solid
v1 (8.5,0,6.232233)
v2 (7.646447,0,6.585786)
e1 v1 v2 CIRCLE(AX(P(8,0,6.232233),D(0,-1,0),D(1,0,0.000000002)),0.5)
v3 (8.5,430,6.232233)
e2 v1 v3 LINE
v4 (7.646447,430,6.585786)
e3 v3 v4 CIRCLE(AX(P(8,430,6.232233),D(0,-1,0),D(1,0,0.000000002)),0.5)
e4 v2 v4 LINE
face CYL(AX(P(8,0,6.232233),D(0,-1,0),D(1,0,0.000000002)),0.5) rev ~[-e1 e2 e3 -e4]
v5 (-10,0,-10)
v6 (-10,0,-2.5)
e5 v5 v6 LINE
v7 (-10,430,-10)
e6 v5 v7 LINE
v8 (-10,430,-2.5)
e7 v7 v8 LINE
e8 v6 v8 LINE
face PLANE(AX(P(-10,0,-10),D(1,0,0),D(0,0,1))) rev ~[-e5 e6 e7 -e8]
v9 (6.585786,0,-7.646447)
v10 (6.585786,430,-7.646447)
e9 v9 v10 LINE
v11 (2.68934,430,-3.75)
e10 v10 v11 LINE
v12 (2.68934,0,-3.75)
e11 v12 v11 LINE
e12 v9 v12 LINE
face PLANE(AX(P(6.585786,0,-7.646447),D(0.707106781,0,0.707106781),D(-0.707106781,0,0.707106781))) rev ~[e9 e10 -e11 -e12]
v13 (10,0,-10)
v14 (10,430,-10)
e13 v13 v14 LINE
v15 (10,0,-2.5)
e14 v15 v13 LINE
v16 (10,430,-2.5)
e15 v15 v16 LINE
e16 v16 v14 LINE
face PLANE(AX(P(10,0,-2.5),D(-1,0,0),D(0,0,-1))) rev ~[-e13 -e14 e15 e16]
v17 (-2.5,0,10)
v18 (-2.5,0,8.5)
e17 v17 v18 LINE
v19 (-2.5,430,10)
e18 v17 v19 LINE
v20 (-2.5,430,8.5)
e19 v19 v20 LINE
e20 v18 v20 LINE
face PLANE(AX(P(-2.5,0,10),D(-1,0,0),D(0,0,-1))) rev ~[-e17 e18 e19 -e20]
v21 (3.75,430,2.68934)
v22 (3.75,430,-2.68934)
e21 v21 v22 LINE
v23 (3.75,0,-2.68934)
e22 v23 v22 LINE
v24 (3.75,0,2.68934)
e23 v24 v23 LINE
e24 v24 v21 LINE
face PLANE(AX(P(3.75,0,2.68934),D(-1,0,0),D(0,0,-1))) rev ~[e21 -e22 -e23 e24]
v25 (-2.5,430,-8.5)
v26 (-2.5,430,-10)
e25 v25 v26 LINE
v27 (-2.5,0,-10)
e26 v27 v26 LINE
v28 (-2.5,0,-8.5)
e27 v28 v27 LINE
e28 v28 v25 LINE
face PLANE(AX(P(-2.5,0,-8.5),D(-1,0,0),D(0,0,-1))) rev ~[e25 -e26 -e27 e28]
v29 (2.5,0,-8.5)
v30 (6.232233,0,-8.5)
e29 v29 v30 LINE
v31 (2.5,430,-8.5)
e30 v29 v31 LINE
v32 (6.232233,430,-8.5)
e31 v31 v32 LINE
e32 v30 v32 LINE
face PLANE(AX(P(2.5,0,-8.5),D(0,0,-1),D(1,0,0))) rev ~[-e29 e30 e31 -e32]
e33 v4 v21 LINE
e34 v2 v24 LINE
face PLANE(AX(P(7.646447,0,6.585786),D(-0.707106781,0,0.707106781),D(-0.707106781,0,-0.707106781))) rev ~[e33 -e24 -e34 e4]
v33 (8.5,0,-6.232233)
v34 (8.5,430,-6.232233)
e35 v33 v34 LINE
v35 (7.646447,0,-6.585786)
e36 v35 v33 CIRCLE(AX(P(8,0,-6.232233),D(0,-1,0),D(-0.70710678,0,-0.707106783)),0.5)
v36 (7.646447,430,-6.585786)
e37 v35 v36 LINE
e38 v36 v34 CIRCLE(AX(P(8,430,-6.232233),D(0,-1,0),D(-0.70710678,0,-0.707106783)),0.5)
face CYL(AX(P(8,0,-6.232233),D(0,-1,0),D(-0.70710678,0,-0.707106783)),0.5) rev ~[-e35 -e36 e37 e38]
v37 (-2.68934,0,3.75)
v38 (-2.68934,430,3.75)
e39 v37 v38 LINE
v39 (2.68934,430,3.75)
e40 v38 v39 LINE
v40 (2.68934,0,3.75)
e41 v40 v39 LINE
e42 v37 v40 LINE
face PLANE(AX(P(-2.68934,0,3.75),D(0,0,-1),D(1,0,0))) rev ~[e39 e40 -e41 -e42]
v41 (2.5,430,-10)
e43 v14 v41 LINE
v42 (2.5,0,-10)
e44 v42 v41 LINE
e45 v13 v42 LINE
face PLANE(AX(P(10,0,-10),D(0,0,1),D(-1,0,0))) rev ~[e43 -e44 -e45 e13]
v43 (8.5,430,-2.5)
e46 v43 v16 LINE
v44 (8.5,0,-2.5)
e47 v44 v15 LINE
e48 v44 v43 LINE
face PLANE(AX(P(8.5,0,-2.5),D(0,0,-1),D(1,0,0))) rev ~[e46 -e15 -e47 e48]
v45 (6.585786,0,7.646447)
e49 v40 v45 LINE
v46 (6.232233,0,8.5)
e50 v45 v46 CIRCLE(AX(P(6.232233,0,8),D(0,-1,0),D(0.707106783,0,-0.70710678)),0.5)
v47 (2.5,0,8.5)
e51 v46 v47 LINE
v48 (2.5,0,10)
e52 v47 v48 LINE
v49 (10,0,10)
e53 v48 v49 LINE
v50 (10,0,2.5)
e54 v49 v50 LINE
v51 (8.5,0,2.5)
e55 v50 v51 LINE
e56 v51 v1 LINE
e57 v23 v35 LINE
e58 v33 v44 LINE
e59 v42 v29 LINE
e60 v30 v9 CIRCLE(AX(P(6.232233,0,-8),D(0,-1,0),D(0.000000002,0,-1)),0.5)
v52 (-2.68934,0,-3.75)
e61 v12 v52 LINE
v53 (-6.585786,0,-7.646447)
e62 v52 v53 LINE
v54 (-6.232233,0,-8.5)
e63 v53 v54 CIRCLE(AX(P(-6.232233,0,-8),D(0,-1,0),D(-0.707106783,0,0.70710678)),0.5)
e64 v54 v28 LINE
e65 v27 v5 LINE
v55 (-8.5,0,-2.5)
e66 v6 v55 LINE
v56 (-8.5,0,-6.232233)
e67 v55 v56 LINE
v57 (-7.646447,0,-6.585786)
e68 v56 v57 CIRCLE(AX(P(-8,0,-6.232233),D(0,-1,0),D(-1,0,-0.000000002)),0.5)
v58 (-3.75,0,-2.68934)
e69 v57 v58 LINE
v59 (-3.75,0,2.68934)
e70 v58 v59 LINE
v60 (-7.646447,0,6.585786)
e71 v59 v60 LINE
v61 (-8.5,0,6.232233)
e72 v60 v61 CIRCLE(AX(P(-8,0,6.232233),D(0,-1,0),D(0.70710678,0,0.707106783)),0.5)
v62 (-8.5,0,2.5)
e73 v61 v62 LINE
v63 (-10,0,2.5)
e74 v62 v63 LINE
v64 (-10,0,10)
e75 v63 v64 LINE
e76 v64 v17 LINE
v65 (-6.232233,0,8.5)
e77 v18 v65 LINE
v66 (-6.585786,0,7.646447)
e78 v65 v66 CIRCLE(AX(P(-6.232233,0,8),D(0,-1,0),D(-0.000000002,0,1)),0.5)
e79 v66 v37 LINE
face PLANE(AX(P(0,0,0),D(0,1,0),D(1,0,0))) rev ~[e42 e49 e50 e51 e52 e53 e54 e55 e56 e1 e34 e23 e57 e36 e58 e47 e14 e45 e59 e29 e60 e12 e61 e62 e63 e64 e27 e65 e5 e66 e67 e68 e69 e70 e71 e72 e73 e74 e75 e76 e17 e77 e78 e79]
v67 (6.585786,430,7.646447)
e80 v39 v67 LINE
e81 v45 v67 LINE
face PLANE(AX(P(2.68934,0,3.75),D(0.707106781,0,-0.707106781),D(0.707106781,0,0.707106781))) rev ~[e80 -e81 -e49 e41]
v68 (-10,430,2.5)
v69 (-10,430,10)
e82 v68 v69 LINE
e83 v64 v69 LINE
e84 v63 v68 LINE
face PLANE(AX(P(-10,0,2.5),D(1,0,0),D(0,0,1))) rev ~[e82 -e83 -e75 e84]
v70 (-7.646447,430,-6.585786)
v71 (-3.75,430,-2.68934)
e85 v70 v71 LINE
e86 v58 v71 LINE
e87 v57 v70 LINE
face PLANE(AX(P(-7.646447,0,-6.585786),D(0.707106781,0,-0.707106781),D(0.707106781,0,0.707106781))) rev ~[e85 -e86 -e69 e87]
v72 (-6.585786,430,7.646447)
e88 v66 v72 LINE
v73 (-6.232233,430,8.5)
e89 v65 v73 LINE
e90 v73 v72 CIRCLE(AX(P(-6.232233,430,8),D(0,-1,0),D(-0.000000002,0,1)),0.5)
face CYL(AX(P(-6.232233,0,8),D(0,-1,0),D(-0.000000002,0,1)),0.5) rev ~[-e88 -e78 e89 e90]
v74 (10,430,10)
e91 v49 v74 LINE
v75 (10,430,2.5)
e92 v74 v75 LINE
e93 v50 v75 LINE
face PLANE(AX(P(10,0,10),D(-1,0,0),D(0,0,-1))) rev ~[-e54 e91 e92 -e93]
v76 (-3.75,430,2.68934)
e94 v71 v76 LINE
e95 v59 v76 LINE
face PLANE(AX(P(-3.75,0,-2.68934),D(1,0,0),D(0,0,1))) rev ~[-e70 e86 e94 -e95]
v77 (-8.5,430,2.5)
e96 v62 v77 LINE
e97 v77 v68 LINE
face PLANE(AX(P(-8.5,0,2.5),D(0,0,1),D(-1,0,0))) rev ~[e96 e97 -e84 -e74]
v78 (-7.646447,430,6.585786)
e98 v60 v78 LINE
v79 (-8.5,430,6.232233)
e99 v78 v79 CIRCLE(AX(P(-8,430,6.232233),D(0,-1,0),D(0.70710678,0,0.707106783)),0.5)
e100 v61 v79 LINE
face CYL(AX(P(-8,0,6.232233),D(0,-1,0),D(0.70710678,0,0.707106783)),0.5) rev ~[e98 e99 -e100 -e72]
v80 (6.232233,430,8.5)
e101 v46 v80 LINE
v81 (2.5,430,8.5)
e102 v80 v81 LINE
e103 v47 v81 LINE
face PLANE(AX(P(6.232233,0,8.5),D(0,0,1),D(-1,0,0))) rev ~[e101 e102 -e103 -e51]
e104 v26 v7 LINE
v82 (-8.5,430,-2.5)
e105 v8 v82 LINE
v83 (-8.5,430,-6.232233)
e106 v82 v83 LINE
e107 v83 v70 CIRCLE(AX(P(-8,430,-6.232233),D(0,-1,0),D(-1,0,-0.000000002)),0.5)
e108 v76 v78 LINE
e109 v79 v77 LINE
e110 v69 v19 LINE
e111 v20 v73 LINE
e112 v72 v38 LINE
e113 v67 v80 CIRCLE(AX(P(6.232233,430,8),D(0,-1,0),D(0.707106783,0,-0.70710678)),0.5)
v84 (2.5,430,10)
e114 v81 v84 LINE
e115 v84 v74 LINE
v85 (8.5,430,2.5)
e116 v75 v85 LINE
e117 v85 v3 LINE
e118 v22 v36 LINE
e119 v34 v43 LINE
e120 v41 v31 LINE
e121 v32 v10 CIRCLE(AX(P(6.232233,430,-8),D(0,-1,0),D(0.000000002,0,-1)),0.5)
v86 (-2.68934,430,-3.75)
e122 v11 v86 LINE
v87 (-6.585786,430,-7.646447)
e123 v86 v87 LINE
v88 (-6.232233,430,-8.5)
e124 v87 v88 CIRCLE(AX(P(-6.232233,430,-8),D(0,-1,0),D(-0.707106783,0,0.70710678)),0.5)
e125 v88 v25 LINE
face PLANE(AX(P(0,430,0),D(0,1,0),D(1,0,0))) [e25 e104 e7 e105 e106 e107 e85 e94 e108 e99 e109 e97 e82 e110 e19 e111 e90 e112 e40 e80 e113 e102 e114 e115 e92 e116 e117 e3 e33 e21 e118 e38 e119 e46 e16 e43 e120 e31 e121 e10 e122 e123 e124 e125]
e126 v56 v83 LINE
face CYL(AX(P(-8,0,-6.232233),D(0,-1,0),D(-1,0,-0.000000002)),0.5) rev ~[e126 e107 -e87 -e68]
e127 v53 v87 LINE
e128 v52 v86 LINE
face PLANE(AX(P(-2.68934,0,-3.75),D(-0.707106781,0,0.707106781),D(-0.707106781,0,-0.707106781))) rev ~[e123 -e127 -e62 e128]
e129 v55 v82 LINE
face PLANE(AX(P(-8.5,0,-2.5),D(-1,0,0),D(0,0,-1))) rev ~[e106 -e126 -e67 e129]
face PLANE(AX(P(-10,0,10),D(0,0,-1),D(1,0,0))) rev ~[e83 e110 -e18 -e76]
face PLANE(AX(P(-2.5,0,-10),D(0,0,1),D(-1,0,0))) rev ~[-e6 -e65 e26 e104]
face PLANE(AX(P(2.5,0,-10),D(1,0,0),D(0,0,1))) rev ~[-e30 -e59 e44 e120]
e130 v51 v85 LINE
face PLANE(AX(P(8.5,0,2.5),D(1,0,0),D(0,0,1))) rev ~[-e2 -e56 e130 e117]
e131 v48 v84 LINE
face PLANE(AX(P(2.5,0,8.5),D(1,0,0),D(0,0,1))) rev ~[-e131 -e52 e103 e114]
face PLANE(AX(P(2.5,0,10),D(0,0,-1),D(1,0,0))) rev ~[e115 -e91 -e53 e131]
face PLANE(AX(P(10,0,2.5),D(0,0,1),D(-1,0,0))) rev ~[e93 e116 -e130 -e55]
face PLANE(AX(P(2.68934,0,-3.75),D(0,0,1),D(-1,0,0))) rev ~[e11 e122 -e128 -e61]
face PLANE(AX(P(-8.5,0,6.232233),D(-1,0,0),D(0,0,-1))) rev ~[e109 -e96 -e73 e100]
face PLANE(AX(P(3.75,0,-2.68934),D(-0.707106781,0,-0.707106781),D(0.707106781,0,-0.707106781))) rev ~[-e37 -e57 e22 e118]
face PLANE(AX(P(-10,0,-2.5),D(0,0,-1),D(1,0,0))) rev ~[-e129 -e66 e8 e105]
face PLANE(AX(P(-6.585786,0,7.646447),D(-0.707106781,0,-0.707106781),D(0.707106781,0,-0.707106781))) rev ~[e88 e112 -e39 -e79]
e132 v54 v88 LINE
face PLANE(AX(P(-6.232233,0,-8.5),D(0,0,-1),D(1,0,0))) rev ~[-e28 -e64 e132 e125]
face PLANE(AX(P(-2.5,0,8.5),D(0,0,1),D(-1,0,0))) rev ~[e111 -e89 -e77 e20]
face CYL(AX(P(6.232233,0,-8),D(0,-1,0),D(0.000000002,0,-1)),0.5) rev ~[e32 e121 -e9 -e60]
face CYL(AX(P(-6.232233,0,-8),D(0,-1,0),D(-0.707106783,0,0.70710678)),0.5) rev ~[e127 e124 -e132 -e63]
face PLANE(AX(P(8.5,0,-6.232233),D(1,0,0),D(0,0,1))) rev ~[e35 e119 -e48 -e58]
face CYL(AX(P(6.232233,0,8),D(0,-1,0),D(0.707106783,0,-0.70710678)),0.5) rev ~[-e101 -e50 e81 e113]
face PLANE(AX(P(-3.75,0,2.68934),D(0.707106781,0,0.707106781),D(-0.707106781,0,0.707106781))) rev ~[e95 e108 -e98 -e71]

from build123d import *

# Parameters (mm, degrees)
BOSS_EXTRU_1_DEPTH = 430


with BuildPart() as part:
    # Esquisse1 → Boss.-Extru.1 (new body)
    with BuildSketch(Plane(origin=(0, 0, 0), x_dir=(1, 0, 0), z_dir=(0, 1, 0))):
        with BuildLine():
            Line((-10, -2.5), (-10, -10))
            Line((-10, -10), (-2.5, -10))
            Line((-2.5, -10), (-2.5, -8.5))
            Line((-2.5, -8.5), (-6.232233047, -8.5))
            ThreePointArc((-6.232233047, -8.5), (-6.694172813, -8.191341716), (-6.585786438, -7.646446609))
            Line((-6.585786438, -7.646446609), (-2.689339828, -3.75))
            Line((-2.689339828, -3.75), (2.689339828, -3.75))
            Line((2.689339828, -3.75), (6.585786438, -7.646446609))
            ThreePointArc((6.585786438, -7.646446609), (6.694172813, -8.191341716), (6.232233047, -8.5))
            Line((6.232233047, -8.5), (2.5, -8.5))
            Line((2.5, -8.5), (2.5, -10))
            Line((2.5, -10), (10, -10))
            Line((10, -10), (10, -2.5))
            Line((10, -2.5), (8.5, -2.5))
            Line((8.5, -2.5), (8.5, -6.232233047))
            ThreePointArc((8.5, -6.232233047), (8.191341716, -6.694172813), (7.646446609, -6.585786438))
            Line((7.646446609, -6.585786438), (3.75, -2.689339828))
            Line((3.75, -2.689339828), (3.75, 2.689339828))
            Line((3.75, 2.689339828), (7.646446609, 6.585786438))
            ThreePointArc((7.646446609, 6.585786438), (8.191341716, 6.694172813), (8.5, 6.232233047))
            Line((8.5, 6.232233047), (8.5, 2.5))
            Line((8.5, 2.5), (10, 2.5))
            Line((10, 2.5), (10, 10))
            Line((10, 10), (2.5, 10))
            Line((2.5, 10), (2.5, 8.5))
            Line((2.5, 8.5), (6.232233047, 8.5))
            ThreePointArc((6.232233047, 8.5), (6.694172813, 8.191341716), (6.585786438, 7.646446609))
            Line((6.585786438, 7.646446609), (2.689339828, 3.75))
            Line((2.689339828, 3.75), (-2.689339828, 3.75))
            Line((-2.689339828, 3.75), (-6.585786438, 7.646446609))
            ThreePointArc((-6.585786438, 7.646446609), (-6.694172813, 8.191341716), (-6.232233047, 8.5))
            Line((-6.232233047, 8.5), (-2.5, 8.5))
            Line((-2.5, 8.5), (-2.5, 10))
            Line((-2.5, 10), (-10, 10))
            Line((-10, 10), (-10, 2.5))
            Line((-10, 2.5), (-8.5, 2.5))
            Line((-8.5, 2.5), (-8.5, 6.232233047))
            ThreePointArc((-8.5, 6.232233047), (-8.191341716, 6.694172813), (-7.646446609, 6.585786438))
            Line((-7.646446609, 6.585786438), (-3.75, 2.689339828))
            Line((-3.75, 2.689339828), (-3.75, -2.689339828))
            Line((-3.75, -2.689339828), (-7.646446609, -6.585786438))
            ThreePointArc((-7.646446609, -6.585786438), (-8.191341716, -6.694172813), (-8.5, -6.232233047))
            Line((-8.5, -6.232233047), (-8.5, -2.5))
            Line((-8.5, -2.5), (-10, -2.5))
        make_face()
    extrude(amount=BOSS_EXTRU_1_DEPTH)


solid = part.part
